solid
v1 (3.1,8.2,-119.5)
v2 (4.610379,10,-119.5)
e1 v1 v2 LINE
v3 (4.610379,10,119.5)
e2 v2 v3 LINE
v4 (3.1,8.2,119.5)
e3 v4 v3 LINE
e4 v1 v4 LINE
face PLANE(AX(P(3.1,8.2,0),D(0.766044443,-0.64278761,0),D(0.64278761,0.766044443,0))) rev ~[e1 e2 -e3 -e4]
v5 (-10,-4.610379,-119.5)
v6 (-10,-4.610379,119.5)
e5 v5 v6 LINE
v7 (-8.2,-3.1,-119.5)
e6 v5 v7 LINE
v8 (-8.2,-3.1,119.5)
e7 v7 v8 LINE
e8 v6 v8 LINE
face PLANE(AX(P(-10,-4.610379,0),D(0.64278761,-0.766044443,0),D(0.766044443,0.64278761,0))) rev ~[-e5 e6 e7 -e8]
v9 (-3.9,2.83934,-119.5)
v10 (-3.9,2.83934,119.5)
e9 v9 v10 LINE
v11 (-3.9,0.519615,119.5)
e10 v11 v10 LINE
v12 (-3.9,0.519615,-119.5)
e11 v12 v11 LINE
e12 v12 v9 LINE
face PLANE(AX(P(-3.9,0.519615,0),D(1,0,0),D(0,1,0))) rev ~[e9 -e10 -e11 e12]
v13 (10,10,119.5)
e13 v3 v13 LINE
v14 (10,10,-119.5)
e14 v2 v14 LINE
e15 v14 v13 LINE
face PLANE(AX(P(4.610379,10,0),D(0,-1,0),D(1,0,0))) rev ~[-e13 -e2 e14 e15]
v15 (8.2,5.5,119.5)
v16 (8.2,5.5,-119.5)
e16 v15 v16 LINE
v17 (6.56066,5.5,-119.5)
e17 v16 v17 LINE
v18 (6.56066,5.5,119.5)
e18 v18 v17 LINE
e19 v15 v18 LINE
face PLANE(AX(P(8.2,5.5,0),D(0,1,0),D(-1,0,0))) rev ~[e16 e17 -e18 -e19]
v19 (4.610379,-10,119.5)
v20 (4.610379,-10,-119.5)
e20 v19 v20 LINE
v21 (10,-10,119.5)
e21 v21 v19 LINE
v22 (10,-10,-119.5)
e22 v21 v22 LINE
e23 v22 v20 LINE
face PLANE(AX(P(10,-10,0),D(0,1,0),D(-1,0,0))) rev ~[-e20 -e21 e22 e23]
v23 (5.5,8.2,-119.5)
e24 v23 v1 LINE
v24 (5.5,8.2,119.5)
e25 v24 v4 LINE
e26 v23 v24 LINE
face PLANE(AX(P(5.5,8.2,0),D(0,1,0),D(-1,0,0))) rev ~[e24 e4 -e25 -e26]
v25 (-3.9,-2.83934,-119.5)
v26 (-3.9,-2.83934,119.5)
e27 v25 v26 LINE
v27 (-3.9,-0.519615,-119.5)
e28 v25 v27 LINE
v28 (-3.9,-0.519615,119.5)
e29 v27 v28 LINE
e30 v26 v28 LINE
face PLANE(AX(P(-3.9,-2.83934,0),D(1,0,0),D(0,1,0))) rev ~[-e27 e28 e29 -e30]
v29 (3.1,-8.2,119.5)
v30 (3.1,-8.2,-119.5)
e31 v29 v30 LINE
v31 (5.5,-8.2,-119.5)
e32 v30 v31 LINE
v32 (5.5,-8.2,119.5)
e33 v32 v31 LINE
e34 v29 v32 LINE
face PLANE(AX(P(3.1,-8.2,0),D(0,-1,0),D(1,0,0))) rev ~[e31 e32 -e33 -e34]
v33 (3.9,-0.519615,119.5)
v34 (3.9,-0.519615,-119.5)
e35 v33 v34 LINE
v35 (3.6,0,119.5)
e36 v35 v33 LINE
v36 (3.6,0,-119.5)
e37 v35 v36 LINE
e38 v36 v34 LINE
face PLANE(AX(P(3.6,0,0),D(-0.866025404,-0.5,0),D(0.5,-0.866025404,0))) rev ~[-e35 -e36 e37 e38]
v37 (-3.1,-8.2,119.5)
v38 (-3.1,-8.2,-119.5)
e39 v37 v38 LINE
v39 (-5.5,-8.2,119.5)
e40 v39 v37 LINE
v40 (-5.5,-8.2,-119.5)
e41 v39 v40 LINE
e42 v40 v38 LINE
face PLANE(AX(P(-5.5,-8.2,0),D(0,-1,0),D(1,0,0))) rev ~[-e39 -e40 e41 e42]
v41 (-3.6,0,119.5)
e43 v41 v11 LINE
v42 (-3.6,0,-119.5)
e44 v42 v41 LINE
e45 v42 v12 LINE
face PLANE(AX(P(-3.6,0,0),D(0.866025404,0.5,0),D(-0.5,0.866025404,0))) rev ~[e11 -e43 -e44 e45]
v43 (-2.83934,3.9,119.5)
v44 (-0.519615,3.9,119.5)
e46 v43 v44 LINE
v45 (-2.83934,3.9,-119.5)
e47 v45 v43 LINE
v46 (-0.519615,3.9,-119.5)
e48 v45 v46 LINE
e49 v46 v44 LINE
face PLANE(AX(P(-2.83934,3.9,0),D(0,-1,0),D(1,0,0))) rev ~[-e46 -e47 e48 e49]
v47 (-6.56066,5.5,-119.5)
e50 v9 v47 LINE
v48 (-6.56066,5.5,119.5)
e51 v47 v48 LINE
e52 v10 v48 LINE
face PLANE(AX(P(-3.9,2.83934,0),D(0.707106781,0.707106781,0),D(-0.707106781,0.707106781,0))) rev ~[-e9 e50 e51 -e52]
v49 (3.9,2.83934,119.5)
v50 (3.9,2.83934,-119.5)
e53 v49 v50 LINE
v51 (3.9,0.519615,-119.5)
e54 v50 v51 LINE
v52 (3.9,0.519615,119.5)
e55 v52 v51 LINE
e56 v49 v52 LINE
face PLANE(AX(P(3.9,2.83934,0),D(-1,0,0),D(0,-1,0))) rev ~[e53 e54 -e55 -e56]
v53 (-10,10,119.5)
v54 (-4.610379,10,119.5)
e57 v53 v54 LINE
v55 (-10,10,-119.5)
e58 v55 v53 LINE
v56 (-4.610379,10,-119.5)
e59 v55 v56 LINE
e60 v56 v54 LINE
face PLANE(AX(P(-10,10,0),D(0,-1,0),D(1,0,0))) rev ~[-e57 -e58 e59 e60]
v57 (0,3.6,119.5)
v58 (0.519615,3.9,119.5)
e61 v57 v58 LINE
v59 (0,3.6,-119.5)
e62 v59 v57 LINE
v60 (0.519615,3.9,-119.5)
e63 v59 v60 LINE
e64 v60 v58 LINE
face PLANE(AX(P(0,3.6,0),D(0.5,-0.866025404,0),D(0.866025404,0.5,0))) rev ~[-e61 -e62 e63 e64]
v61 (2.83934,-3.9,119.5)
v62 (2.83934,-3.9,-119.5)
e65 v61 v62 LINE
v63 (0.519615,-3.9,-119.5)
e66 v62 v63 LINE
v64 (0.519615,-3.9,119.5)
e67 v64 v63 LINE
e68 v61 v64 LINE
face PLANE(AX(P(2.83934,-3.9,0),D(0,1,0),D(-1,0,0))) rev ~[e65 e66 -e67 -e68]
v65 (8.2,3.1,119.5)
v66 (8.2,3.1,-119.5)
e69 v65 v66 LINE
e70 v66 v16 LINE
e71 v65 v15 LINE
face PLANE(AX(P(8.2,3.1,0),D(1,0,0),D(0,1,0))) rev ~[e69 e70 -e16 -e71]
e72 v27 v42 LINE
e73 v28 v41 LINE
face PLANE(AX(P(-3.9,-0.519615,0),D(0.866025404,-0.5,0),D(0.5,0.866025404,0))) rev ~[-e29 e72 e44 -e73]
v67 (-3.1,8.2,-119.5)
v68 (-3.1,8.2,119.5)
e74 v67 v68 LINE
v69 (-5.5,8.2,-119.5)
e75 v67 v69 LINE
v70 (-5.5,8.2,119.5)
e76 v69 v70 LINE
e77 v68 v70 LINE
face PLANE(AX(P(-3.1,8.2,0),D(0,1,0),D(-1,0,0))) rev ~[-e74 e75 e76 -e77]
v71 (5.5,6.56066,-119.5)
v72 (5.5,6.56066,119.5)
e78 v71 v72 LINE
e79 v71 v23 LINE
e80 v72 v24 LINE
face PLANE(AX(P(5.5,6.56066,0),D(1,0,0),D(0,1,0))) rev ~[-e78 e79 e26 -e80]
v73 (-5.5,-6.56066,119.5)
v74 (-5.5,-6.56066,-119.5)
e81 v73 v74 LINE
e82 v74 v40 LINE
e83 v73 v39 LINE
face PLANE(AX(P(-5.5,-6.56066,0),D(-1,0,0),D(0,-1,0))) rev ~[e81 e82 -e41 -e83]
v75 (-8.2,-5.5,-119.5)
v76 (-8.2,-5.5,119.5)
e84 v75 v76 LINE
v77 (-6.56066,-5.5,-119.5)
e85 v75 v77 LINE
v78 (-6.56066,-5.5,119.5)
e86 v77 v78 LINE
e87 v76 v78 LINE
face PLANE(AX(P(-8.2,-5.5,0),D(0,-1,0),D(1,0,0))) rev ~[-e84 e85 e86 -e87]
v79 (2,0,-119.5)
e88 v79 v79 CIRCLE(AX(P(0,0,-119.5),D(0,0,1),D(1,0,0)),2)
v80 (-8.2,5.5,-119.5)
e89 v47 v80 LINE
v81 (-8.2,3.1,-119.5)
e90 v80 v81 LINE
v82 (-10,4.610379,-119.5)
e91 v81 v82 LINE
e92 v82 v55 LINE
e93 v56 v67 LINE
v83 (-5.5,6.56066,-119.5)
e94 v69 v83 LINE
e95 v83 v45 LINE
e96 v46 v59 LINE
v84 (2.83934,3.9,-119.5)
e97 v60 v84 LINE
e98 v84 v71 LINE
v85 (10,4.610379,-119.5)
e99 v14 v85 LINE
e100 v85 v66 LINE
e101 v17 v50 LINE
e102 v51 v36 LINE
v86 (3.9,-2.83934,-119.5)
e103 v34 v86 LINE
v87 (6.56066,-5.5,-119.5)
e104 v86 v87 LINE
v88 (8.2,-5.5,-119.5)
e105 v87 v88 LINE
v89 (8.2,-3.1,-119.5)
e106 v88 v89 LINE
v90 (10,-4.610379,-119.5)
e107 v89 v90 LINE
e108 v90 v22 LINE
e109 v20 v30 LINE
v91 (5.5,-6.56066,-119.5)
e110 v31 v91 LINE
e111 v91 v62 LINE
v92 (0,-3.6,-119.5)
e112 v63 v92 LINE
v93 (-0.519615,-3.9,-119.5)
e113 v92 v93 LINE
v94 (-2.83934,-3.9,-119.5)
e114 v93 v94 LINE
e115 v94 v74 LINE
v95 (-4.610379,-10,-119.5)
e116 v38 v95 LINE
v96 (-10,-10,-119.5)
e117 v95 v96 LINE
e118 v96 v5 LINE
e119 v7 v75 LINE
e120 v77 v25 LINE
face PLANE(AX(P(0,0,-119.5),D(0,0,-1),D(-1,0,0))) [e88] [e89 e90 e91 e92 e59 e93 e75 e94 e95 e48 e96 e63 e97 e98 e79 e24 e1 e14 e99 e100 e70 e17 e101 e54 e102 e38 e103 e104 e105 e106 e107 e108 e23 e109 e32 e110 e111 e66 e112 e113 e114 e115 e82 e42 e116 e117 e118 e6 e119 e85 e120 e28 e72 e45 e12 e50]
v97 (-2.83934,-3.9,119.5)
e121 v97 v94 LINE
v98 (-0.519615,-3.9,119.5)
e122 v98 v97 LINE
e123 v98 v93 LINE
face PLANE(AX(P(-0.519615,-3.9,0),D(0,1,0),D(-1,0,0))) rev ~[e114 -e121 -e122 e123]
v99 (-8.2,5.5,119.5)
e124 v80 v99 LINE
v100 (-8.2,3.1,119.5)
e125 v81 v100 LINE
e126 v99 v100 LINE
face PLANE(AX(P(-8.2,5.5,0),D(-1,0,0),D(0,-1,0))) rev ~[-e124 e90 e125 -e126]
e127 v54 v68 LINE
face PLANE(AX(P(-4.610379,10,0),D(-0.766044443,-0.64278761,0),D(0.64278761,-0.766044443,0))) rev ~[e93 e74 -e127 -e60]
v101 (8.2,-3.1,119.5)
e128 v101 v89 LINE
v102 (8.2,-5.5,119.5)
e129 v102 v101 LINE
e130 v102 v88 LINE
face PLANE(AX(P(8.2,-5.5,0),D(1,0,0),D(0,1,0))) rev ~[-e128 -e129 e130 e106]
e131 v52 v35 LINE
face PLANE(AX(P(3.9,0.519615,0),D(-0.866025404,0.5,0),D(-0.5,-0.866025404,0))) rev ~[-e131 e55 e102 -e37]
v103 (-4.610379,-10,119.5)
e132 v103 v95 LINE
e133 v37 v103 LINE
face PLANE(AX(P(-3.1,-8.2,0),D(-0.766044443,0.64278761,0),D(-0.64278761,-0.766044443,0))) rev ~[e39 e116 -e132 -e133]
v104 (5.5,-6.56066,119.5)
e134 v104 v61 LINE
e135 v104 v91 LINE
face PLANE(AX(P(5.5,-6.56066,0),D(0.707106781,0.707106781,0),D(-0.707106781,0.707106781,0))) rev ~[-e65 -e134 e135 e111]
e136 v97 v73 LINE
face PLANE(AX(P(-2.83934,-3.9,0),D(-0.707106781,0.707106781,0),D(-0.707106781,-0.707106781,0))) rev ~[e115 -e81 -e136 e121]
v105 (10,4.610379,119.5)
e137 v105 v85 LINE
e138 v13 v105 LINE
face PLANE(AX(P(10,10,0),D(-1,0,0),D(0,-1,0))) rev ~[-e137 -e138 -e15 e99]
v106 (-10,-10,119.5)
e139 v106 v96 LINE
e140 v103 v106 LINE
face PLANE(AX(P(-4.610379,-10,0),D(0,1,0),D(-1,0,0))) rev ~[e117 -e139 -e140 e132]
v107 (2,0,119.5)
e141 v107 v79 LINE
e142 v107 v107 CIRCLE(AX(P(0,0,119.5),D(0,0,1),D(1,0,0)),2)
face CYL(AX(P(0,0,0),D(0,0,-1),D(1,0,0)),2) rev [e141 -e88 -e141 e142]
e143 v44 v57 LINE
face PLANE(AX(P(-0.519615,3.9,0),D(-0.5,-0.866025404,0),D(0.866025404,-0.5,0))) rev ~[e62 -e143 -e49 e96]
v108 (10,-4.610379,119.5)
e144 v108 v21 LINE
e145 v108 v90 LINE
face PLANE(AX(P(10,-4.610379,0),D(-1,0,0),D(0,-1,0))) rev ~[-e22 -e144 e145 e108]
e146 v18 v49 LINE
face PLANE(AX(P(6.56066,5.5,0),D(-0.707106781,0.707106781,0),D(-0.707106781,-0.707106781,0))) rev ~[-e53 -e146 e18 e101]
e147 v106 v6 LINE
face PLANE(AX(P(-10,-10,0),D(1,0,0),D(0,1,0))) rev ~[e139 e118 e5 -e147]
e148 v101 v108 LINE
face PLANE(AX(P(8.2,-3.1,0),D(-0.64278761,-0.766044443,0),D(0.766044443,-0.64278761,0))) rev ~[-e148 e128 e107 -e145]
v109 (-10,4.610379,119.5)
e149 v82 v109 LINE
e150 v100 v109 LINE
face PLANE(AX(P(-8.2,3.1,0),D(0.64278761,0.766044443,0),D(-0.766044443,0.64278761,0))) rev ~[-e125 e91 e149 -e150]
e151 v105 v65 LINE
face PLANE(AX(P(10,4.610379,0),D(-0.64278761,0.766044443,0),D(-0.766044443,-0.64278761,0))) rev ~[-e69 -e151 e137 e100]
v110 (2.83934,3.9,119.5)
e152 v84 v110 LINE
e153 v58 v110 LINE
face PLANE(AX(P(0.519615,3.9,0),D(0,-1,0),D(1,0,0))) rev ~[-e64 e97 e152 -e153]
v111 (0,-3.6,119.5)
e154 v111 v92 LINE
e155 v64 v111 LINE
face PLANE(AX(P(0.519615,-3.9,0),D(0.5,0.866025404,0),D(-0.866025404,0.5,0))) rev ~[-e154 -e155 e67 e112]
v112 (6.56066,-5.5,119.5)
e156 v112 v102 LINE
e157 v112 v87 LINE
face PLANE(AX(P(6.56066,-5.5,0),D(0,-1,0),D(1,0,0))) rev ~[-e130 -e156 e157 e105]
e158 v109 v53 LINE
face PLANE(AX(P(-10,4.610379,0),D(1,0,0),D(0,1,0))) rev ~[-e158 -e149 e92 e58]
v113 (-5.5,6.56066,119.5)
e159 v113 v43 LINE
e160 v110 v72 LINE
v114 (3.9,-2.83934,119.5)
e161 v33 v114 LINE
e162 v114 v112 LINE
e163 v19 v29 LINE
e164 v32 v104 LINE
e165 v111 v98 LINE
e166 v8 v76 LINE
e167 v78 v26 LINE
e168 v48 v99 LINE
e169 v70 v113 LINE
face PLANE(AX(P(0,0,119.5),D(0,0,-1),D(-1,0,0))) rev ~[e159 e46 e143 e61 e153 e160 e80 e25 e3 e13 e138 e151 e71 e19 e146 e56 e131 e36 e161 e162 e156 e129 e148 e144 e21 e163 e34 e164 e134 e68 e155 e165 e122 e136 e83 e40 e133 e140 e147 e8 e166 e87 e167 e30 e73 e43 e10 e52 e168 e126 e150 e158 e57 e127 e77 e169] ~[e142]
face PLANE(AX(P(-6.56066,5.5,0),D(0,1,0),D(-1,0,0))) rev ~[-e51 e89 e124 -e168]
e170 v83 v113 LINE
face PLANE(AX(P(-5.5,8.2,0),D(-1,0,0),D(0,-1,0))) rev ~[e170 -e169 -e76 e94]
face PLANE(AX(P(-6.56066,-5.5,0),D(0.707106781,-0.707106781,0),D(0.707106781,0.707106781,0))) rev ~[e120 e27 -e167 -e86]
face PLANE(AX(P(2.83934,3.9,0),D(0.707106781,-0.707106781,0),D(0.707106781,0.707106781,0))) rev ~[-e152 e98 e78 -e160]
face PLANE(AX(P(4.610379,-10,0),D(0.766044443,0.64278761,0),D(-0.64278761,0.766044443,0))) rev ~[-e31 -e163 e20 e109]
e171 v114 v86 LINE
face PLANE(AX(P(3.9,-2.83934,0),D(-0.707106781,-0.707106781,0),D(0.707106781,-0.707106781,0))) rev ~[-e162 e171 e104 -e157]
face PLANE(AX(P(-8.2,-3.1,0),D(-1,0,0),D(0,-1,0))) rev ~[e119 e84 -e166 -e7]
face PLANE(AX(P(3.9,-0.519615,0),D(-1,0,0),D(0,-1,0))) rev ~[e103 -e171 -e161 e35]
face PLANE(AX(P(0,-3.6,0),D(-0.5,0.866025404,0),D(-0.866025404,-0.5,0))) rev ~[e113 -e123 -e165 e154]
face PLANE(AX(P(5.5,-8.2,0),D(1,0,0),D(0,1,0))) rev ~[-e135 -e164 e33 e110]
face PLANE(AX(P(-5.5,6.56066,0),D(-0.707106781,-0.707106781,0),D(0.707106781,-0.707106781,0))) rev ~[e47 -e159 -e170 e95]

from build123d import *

# Parameters (mm, degrees)
SKETCH1_R           = 2
BOSS_EXTRUDE1_DEPTH = 119.5


with BuildPart() as part:
    # Sketch1 → Boss-Extrude1 (new body, symmetric)
    with BuildSketch(Plane.XY):
        Polygon((10, 10), (10, 4.610379336), (8.2, 3.1), (8.2, 5.5), (6.560660172, 5.5), (3.9, 2.839339828), (3.9, 0.519615242), (3.6, 0), (3.9, -0.519615242), (3.9, -2.839339828), (6.560660172, -5.5), (8.2, -5.5), (8.2, -3.1), (10, -4.610379336), (10, -10), (4.610379336, -10), (3.1, -8.2), (5.5, -8.2), (5.5, -6.560660172), (2.839339828, -3.9), (0.519615242, -3.9), (0, -3.6), (-0.519615242, -3.9), (-2.839339828, -3.9), (-5.5, -6.560660172), (-5.5, -8.2), (-3.1, -8.2), (-4.610379336, -10), (-10, -10), (-10, -4.610379336), (-8.2, -3.1), (-8.2, -5.5), (-6.560660172, -5.5), (-3.9, -2.839339828), (-3.9, -0.519615242), (-3.6, 0), (-3.9, 0.519615242), (-3.9, 2.839339828), (-6.560660172, 5.5), (-8.2, 5.5), (-8.2, 3.1), (-10, 4.610379336), (-10, 10), (-4.610379336, 10), (-3.1, 8.2), (-5.5, 8.2), (-5.5, 6.560660172), (-2.839339828, 3.9), (-0.519615242, 3.9), (0, 3.6), (0.519615242, 3.9), (2.839339828, 3.9), (5.5, 6.560660172), (5.5, 8.2), (3.1, 8.2), (4.610379336, 10), align=None)
        Circle(SKETCH1_R, mode=Mode.SUBTRACT)
    extrude(amount=BOSS_EXTRUDE1_DEPTH, both=True)


solid = part.part
